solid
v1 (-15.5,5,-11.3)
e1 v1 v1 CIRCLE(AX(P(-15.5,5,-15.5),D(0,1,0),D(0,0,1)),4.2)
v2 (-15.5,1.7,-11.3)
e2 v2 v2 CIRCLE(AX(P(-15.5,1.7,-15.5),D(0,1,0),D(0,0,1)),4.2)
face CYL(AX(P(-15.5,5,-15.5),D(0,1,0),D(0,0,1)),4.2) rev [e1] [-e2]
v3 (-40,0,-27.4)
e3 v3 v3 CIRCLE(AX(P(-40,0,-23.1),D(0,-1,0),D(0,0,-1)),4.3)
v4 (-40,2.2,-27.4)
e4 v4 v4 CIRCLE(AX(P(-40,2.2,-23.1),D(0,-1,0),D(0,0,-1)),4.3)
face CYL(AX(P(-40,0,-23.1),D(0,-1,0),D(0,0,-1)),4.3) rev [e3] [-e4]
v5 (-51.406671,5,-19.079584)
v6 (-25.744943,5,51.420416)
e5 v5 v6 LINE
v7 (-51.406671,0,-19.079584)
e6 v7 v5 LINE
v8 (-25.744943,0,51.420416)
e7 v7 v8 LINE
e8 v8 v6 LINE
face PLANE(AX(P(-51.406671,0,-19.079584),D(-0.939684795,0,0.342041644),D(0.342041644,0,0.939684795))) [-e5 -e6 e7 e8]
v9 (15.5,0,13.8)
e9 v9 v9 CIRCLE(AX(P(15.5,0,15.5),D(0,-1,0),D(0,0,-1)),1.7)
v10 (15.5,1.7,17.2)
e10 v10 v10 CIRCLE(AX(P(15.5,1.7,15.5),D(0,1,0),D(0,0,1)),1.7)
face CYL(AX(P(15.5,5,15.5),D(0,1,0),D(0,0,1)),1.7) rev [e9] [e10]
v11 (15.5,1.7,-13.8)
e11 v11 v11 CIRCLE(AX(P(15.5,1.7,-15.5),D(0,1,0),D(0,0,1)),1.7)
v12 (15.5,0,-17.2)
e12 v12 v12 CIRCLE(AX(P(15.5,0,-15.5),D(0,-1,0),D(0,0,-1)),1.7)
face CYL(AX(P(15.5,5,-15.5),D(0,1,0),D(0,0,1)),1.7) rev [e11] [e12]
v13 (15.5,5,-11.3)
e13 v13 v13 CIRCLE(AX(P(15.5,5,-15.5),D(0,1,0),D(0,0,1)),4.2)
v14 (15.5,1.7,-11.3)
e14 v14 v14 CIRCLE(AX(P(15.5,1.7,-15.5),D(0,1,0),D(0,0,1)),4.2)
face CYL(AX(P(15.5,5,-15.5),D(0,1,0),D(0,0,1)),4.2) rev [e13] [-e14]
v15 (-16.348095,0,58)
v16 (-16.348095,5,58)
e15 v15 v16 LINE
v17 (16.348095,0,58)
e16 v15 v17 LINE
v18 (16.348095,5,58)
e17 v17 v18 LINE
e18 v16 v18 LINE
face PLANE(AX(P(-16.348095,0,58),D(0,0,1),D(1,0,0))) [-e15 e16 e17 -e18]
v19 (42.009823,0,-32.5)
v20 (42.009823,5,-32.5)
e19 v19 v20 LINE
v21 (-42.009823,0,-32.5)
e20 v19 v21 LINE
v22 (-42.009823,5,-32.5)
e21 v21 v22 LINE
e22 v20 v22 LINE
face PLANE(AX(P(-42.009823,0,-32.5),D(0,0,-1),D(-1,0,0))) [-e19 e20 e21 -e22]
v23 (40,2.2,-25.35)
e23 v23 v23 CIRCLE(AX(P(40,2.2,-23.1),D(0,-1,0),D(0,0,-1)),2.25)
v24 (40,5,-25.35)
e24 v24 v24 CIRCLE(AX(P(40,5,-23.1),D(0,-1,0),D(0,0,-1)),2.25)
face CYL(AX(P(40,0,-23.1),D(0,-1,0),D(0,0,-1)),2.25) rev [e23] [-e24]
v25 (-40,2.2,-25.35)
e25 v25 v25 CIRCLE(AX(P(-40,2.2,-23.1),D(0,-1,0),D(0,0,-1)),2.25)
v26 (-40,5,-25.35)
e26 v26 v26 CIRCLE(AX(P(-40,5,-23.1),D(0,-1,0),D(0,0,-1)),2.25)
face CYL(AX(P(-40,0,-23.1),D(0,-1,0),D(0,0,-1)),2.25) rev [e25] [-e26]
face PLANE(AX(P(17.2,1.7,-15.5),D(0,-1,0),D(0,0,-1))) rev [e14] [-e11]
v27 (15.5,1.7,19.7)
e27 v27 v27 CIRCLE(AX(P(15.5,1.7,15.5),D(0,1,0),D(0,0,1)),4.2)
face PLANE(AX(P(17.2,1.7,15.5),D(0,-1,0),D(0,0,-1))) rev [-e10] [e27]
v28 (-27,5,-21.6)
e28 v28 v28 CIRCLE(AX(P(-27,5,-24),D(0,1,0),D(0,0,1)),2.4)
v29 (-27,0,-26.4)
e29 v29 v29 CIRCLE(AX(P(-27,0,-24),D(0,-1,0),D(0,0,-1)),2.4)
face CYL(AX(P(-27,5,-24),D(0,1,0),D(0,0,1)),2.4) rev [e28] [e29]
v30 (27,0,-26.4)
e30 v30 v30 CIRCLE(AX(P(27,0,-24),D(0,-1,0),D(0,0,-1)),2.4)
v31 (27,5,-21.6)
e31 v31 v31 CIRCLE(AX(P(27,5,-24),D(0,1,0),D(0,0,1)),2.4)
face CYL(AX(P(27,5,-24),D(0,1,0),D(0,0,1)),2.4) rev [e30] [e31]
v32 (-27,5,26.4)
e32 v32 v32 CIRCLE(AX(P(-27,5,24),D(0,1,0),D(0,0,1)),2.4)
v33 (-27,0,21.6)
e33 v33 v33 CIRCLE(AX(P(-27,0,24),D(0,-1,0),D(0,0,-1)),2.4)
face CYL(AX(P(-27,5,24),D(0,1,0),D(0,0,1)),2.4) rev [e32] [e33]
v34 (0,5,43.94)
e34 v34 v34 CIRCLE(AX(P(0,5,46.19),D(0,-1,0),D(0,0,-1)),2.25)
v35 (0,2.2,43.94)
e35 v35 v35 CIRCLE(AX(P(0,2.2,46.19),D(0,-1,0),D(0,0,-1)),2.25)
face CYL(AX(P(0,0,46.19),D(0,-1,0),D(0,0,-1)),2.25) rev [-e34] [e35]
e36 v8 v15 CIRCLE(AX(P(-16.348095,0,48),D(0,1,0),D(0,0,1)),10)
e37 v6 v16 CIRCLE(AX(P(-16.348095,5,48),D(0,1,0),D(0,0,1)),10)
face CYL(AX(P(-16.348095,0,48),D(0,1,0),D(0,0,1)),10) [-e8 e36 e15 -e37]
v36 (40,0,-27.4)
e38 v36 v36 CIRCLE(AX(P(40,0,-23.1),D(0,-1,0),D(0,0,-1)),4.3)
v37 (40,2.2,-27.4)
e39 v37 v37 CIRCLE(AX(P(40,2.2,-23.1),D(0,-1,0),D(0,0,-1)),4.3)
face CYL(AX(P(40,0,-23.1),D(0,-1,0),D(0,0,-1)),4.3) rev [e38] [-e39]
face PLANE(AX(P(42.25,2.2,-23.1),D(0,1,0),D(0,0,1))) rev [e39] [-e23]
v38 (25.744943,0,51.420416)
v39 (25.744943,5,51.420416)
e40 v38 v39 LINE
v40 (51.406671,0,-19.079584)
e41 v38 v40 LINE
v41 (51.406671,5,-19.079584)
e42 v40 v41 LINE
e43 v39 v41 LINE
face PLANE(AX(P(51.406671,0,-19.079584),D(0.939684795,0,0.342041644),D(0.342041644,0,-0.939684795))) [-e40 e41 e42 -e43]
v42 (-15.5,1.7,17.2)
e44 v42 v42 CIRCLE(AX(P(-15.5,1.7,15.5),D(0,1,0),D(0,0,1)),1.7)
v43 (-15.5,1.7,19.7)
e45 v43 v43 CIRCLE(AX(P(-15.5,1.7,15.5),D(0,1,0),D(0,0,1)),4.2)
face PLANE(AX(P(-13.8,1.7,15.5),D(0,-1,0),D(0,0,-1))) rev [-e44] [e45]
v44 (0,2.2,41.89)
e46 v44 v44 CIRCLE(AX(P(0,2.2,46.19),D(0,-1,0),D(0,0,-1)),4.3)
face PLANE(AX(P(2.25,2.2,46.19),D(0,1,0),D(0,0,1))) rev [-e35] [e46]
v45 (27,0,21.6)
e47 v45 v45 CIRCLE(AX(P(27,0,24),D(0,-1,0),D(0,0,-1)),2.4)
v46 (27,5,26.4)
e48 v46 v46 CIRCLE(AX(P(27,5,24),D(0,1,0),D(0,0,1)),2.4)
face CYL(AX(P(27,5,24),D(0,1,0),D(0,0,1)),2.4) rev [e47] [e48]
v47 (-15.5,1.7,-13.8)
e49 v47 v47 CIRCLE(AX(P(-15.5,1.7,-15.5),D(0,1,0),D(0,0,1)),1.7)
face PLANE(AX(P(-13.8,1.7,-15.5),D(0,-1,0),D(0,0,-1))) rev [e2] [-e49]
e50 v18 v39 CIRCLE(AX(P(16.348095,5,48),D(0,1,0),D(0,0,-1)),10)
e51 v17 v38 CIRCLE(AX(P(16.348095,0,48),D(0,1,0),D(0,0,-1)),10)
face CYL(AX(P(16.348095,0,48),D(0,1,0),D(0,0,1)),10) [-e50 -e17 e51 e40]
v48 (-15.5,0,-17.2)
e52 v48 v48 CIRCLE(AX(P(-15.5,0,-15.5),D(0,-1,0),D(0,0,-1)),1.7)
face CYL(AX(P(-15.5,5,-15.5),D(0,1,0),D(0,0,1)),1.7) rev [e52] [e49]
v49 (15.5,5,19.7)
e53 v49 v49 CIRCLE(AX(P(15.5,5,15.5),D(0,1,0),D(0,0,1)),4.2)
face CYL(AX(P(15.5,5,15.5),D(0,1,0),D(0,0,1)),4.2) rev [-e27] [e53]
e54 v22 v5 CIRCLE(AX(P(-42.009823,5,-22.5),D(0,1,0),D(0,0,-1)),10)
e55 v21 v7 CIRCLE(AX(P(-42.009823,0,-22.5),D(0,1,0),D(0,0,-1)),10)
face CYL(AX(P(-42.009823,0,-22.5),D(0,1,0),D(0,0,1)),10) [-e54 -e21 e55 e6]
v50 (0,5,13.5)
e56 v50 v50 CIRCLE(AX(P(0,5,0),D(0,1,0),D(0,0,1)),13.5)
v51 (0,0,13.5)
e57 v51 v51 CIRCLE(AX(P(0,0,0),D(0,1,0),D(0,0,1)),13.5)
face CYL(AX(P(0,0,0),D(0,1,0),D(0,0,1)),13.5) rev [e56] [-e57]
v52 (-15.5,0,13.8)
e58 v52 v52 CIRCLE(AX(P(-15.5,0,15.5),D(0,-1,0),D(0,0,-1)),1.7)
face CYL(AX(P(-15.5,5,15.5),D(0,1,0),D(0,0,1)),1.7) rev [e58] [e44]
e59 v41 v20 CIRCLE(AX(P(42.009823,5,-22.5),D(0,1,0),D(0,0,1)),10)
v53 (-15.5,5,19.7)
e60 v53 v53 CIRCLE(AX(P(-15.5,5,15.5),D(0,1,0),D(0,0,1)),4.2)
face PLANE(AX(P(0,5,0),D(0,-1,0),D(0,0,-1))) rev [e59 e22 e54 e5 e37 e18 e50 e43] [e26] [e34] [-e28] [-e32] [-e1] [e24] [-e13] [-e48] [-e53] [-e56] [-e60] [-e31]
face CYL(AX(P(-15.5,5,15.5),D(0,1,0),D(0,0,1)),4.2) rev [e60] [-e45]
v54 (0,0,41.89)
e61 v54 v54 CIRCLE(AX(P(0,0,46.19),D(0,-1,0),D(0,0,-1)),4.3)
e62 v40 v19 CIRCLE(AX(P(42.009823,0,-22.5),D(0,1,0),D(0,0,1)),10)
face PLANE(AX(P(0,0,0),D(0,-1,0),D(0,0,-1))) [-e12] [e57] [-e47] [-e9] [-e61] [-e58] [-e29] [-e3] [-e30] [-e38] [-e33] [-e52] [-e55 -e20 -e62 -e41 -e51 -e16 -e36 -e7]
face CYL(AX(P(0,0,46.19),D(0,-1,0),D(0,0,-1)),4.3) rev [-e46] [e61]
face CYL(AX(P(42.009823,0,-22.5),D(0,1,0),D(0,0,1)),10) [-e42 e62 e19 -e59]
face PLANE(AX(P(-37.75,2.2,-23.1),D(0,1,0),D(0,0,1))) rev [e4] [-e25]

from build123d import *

# Parameters (mm, degrees)
SKETCH2_W                                        = 130
SKETCH2_H                                        = 130
BOSS_EXTRUDE1_DEPTH                              = 5
SKETCH3_R                                        = 13.5
CUT_EXTRUDE1_DEPTH                               = 5
SKETCH8_W                                        = 130
SKETCH8_H                                        = 130
CUT_EXTRUDE6_DEPTH                               = 6
M4_CLEARANCE_HOLE1_D                             = 4.8
M4_CLEARANCE_HOLE1_DEPTH                         = 5
CBORE_FOR_M3_HEX_HEAD_MACHINE_SCREW1_D           = 3.4
CBORE_FOR_M3_HEX_HEAD_MACHINE_SCREW1_DEPTH       = 5
CBORE_FOR_M3_HEX_HEAD_MACHINE_SCREW1_CBORE_D     = 8.4
CBORE_FOR_M3_HEX_HEAD_MACHINE_SCREW1_CBORE_DEPTH = 3.3
CBORE_FOR_M4_SBHCS1_D                            = 4.5
CBORE_FOR_M4_SBHCS1_DEPTH                        = 5
CBORE_FOR_M4_SBHCS1_CBORE_D                      = 8.6
CBORE_FOR_M4_SBHCS1_CBORE_DEPTH                  = 2.2


with BuildPart() as part:
    # Sketch2 → Boss-Extrude1 (new body)
    with BuildSketch(Plane(origin=(0, 0, 0), x_dir=(1, 0, 0), z_dir=(0, 1, 0))):
        Rectangle(SKETCH2_W, SKETCH2_H)
    extrude(amount=BOSS_EXTRUDE1_DEPTH)

    # Sketch3 → Cut-Extrude1 (cut)
    with BuildSketch(Plane(origin=(0, 5, 0), x_dir=(1, 0, 0), z_dir=(0, 1, 0))):
        Circle(SKETCH3_R)
    extrude(amount=-CUT_EXTRUDE1_DEPTH, mode=Mode.SUBTRACT)

    # Sketch8 → Cut-Extrude6 (cut, through all)
    with BuildSketch(Plane(origin=(0, 5, 0), x_dir=(1, 0, 0), z_dir=(0, 1, 0))):
        Rectangle(SKETCH8_W, SKETCH8_H)
        with BuildLine():
            Line((-42.00982343, 32.5), (42.00982343, 32.5))
            ThreePointArc((42.00982343, 32.5), (50.201409492, 28.235670649), (51.406671379, 19.079583559))
            Line((51.406671379, 19.079583559), (25.74494306, -51.420416441))
            ThreePointArc((25.74494306, -51.420416441), (22.083765761, -56.191586062), (16.348095112, -58))
            Line((16.348095112, -58), (-16.348095112, -58))
            ThreePointArc((-16.348095112, -58), (-22.083765761, -56.191586062), (-25.74494306, -51.420416441))
            Line((-25.74494306, -51.420416441), (-51.406671379, 19.079583559))
            ThreePointArc((-51.406671379, 19.079583559), (-50.201409492, 28.235670649), (-42.00982343, 32.5))
        make_face(mode=Mode.SUBTRACT)
    extrude(amount=-CUT_EXTRUDE6_DEPTH, mode=Mode.SUBTRACT)

    # M4 Clearance Hole1
    with Locations(Plane(origin=(0, 5, 0), x_dir=(1, 0, 0), z_dir=(0, 1, 0))):
        with Locations((-27, 24), (27, 24), (27, -24), (-27, -24)):
            Hole(M4_CLEARANCE_HOLE1_D / 2, depth=M4_CLEARANCE_HOLE1_DEPTH)

    # CBORE for M3 Hex Head Machine Screw1
    with Locations(Plane(origin=(0, 5, 0), x_dir=(1, 0, 0), z_dir=(0, 1, 0))):
        with Locations((-15.5, 15.5), (15.5, 15.5), (15.5, -15.5), (-15.5, -15.5)):
            CounterBoreHole(CBORE_FOR_M3_HEX_HEAD_MACHINE_SCREW1_D / 2, CBORE_FOR_M3_HEX_HEAD_MACHINE_SCREW1_CBORE_D / 2, CBORE_FOR_M3_HEX_HEAD_MACHINE_SCREW1_CBORE_DEPTH, depth=CBORE_FOR_M3_HEX_HEAD_MACHINE_SCREW1_DEPTH)

    # CBORE for M4 SBHCS1
    with Locations(Plane(origin=(0, 0, 0), x_dir=(-1, 0, 0), z_dir=(0, -1, 0))):
        with Locations((0, -46.19), (40, 23.1), (-40, 23.1)):
            CounterBoreHole(CBORE_FOR_M4_SBHCS1_D / 2, CBORE_FOR_M4_SBHCS1_CBORE_D / 2, CBORE_FOR_M4_SBHCS1_CBORE_DEPTH, depth=CBORE_FOR_M4_SBHCS1_DEPTH)


solid = part.part
